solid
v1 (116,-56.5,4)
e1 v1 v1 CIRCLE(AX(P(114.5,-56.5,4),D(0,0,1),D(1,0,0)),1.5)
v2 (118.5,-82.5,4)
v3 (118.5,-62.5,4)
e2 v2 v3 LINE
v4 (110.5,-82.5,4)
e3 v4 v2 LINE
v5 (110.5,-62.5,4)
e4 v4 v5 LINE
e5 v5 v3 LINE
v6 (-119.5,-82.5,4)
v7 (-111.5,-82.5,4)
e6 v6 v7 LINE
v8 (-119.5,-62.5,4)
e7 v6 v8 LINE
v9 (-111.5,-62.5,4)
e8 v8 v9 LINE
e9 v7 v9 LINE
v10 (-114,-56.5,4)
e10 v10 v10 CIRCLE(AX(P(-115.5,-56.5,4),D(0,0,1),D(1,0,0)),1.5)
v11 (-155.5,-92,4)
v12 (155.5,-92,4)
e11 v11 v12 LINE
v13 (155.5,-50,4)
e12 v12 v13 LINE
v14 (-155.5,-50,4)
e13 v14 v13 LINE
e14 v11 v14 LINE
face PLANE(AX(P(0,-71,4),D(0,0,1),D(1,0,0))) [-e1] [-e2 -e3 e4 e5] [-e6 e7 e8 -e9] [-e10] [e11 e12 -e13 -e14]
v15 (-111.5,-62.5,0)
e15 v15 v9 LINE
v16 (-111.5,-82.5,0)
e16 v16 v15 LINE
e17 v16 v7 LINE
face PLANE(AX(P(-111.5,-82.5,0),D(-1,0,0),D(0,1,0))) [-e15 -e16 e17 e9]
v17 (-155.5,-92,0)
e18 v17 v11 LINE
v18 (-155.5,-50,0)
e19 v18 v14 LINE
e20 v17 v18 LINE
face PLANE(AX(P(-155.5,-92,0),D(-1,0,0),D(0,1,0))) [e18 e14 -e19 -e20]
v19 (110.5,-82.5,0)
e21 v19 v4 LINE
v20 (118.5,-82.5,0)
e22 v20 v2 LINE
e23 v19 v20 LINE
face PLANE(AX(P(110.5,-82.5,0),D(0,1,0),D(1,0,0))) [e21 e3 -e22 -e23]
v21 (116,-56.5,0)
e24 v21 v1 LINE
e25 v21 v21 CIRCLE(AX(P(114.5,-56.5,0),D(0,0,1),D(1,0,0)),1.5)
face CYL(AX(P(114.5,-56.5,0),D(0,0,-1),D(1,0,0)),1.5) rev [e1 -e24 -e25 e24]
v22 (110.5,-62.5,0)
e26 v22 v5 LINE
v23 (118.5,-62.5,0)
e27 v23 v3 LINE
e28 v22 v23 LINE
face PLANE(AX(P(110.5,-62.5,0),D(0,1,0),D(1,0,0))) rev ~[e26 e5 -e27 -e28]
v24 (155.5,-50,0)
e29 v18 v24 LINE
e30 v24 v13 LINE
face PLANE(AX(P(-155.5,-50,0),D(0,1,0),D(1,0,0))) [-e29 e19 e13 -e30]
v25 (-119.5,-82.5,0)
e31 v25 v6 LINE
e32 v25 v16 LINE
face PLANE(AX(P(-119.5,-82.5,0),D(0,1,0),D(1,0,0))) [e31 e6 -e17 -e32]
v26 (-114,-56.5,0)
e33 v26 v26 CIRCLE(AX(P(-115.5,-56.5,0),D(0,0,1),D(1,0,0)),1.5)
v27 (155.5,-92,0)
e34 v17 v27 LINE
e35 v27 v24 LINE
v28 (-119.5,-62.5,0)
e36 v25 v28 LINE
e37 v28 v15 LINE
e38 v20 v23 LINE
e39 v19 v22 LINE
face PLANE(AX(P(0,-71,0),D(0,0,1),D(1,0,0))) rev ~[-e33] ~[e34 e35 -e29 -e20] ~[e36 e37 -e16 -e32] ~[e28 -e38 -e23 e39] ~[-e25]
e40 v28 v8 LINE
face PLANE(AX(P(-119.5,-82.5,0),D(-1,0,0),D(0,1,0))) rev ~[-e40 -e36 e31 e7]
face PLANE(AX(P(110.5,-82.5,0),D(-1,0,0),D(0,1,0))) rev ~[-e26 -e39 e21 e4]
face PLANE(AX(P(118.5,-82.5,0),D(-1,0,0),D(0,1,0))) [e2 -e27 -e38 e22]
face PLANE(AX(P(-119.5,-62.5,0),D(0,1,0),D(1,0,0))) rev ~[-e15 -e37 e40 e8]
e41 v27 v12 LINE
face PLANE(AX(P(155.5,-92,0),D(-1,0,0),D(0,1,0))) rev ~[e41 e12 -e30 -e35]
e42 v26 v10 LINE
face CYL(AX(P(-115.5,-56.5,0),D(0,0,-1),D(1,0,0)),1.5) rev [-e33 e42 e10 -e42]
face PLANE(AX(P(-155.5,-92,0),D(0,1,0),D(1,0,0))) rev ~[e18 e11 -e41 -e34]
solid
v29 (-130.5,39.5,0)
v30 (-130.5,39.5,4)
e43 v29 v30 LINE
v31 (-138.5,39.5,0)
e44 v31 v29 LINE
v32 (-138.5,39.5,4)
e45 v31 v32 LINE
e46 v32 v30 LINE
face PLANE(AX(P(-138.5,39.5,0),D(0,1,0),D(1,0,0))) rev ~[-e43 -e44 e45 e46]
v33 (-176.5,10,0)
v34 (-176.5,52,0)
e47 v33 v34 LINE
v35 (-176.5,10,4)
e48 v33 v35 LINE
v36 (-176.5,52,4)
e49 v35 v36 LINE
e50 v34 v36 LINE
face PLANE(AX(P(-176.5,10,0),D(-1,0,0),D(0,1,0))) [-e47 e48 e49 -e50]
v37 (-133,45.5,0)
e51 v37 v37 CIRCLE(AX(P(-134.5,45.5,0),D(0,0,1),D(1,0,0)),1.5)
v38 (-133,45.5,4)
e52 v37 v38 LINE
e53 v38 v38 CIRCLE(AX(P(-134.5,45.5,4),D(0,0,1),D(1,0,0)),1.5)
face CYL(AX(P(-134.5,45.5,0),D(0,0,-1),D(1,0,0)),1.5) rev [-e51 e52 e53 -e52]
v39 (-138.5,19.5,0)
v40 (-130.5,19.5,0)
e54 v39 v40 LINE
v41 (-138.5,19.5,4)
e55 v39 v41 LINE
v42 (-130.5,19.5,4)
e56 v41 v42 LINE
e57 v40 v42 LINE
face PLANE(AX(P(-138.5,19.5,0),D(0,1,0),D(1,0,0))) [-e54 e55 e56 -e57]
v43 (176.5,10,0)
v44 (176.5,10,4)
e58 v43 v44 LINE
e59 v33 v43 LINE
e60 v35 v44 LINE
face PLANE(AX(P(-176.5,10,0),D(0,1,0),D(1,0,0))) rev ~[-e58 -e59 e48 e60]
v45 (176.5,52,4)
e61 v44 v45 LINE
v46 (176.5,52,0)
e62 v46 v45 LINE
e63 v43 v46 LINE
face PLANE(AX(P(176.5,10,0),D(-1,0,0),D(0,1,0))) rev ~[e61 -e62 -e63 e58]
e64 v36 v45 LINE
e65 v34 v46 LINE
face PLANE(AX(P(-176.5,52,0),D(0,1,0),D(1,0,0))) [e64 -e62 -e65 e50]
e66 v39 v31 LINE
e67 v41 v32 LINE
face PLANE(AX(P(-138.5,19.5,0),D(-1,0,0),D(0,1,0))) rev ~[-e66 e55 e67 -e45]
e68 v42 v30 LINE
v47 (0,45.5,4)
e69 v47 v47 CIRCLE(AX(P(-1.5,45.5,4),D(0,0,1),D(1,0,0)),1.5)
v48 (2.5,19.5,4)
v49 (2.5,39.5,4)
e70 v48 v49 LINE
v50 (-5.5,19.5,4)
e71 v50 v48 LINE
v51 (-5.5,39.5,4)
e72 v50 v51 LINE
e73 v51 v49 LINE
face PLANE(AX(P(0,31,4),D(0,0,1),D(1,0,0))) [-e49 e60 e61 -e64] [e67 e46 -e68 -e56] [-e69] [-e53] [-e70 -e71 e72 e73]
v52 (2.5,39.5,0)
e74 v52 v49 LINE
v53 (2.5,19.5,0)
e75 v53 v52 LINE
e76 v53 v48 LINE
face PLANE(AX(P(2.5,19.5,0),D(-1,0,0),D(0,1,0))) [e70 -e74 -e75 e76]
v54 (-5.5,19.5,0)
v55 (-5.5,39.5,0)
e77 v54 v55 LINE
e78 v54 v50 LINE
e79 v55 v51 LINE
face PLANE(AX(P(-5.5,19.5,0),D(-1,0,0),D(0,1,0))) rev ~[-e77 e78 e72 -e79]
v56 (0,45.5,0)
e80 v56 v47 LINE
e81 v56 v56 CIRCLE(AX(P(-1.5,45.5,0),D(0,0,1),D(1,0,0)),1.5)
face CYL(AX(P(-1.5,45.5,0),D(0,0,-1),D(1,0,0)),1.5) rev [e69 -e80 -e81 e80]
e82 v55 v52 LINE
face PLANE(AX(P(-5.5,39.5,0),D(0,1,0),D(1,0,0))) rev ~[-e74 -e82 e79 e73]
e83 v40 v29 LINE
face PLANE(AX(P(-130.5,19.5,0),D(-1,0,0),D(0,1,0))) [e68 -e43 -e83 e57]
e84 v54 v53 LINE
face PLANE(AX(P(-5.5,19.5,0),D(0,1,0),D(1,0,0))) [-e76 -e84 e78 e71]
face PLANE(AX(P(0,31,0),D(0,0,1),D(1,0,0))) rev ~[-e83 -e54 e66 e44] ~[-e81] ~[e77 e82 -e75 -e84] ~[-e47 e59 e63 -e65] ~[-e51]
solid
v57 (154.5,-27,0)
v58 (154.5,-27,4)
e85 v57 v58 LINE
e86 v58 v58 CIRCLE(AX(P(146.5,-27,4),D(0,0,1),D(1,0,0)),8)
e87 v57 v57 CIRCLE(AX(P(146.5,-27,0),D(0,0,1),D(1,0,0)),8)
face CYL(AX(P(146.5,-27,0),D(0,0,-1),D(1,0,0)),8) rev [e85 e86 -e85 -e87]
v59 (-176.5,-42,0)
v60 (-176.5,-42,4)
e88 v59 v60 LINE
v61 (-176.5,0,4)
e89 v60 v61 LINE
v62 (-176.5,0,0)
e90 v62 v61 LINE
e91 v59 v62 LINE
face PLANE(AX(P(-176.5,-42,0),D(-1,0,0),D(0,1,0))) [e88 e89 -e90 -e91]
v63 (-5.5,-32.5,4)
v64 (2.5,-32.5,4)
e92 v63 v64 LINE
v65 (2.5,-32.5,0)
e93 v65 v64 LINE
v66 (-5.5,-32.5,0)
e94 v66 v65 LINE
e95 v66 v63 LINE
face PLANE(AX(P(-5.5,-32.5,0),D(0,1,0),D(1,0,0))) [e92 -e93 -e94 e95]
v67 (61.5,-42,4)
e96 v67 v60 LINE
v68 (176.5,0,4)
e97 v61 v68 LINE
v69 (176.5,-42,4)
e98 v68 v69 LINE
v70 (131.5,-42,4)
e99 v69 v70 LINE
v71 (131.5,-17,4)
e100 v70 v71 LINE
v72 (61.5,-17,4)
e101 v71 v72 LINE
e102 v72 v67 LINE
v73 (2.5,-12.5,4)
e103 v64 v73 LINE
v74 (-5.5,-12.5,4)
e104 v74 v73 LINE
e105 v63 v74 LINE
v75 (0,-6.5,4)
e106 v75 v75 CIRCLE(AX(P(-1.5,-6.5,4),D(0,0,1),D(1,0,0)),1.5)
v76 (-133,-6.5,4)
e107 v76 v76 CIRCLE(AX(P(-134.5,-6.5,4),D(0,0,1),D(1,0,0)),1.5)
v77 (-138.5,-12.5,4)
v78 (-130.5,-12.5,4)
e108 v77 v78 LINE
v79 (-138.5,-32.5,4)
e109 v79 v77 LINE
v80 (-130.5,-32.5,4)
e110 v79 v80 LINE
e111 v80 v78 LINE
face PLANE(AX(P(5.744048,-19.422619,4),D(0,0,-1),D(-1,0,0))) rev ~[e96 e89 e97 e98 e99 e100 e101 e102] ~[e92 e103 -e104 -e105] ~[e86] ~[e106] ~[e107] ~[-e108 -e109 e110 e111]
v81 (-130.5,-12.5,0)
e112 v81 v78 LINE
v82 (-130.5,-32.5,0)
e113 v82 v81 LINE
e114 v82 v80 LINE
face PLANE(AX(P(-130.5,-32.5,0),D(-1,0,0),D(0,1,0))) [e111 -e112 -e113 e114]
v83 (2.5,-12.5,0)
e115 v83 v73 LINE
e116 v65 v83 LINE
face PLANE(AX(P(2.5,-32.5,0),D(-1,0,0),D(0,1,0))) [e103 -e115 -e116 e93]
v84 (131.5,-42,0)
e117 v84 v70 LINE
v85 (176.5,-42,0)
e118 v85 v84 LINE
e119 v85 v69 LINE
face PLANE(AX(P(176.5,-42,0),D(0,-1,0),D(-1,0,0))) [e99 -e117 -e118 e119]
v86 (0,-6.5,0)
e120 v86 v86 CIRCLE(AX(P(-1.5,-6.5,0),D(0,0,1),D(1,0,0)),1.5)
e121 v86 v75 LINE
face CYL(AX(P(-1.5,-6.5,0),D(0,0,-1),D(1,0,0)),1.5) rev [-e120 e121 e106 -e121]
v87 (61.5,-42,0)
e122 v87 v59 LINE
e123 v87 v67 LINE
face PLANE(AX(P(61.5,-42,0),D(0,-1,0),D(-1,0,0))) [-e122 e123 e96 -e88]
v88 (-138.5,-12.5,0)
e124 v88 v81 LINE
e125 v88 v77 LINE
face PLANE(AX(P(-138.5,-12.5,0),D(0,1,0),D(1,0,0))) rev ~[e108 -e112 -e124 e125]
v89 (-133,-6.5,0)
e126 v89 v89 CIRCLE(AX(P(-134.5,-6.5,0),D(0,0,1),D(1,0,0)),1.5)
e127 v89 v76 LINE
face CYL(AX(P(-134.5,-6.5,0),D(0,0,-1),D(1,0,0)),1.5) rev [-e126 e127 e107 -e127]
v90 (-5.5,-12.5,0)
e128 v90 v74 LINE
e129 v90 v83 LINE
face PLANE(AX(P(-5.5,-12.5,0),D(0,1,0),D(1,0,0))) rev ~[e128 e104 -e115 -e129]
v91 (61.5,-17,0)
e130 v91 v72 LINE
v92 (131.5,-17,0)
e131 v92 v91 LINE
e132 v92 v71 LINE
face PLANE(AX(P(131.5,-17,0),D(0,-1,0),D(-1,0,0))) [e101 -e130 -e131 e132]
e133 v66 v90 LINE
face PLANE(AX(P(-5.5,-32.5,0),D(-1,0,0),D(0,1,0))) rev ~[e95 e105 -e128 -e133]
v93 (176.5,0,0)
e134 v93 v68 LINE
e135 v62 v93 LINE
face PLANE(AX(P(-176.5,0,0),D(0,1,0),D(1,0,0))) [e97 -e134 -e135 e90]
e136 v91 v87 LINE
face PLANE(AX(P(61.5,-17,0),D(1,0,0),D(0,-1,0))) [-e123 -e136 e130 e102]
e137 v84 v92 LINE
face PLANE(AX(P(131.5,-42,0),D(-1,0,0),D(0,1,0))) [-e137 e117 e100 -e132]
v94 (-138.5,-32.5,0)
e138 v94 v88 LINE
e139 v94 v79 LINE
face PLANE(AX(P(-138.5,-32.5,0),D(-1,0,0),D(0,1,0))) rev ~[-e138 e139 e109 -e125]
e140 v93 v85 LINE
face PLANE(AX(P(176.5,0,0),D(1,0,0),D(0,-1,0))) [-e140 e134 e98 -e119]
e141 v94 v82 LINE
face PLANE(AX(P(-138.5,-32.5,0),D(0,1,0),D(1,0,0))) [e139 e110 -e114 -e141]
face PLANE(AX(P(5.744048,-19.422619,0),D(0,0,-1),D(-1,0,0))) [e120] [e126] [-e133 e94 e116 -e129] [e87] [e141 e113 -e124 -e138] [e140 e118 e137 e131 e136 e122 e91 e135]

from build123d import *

# Parameters (mm, degrees)
SKETCH_R      = 1.5
SKETCH_R_2    = 8
SKETCH_W      = 8
SKETCH_H      = 20
PAD_DEPTH     = 4
SKETCH001_W   = 353
SKETCH001_H   = 42
SKETCH001_R   = 1.5
SKETCH001_W_2 = 8
SKETCH001_H_2 = 20
PAD001_DEPTH  = 4
SKETCH002_W   = 311
SKETCH002_H   = 42
SKETCH002_R   = 1.5
SKETCH002_W_2 = 8
SKETCH002_H_2 = 20
PAD002_DEPTH  = 4


with BuildPart() as left:
    # Sketch → Pad (new body)
    with BuildSketch(Plane.XY):
        Polygon((-176.5, 0), (176.5, 0), (176.5, -42), (131.5, -42), (131.5, -17), (61.5, -17), (61.5, -42), (-176.5, -42), align=None)
        with Locations((-134.5, -6.5)):
            Circle(SKETCH_R, mode=Mode.SUBTRACT)
        with Locations((-1.5, -6.5)):
            Circle(SKETCH_R, mode=Mode.SUBTRACT)
        with Locations((146.5, -27)):
            Circle(SKETCH_R_2, mode=Mode.SUBTRACT)
        with Locations((-134.5, -22.5)):
            Rectangle(SKETCH_W, SKETCH_H, mode=Mode.SUBTRACT)
        with Locations((-1.5, -22.5)):
            Rectangle(SKETCH_W, SKETCH_H, mode=Mode.SUBTRACT)
    extrude(amount=PAD_DEPTH)


with BuildPart() as right:
    # Sketch001 → Pad001 (new body)
    with BuildSketch(Plane.XY):
        with Locations((0, 31)):
            Rectangle(SKETCH001_W, SKETCH001_H)
        with Locations((-134.5, 45.5)):
            Circle(SKETCH001_R, mode=Mode.SUBTRACT)
        with Locations((-1.5, 45.5)):
            Circle(SKETCH001_R, mode=Mode.SUBTRACT)
        with Locations((-134.5, 29.5)):
            Rectangle(SKETCH001_W_2, SKETCH001_H_2, mode=Mode.SUBTRACT)
        with Locations((-1.5, 29.5)):
            Rectangle(SKETCH001_W_2, SKETCH001_H_2, mode=Mode.SUBTRACT)
    extrude(amount=PAD001_DEPTH)


with BuildPart() as up:
    # Sketch002 → Pad002 (new body)
    with BuildSketch(Plane.XY):
        with Locations((0, -71)):
            Rectangle(SKETCH002_W, SKETCH002_H)
        with Locations((-115.5, -56.5)):
            Circle(SKETCH002_R, mode=Mode.SUBTRACT)
        with Locations((114.5, -56.5)):
            Circle(SKETCH002_R, mode=Mode.SUBTRACT)
        with Locations((-115.5, -72.5)):
            Rectangle(SKETCH002_W_2, SKETCH002_H_2, mode=Mode.SUBTRACT)
        with Locations((114.5, -72.5)):
            Rectangle(SKETCH002_W_2, SKETCH002_H_2, mode=Mode.SUBTRACT)
    extrude(amount=PAD002_DEPTH)


solid = Compound([left.part, right.part, up.part])
